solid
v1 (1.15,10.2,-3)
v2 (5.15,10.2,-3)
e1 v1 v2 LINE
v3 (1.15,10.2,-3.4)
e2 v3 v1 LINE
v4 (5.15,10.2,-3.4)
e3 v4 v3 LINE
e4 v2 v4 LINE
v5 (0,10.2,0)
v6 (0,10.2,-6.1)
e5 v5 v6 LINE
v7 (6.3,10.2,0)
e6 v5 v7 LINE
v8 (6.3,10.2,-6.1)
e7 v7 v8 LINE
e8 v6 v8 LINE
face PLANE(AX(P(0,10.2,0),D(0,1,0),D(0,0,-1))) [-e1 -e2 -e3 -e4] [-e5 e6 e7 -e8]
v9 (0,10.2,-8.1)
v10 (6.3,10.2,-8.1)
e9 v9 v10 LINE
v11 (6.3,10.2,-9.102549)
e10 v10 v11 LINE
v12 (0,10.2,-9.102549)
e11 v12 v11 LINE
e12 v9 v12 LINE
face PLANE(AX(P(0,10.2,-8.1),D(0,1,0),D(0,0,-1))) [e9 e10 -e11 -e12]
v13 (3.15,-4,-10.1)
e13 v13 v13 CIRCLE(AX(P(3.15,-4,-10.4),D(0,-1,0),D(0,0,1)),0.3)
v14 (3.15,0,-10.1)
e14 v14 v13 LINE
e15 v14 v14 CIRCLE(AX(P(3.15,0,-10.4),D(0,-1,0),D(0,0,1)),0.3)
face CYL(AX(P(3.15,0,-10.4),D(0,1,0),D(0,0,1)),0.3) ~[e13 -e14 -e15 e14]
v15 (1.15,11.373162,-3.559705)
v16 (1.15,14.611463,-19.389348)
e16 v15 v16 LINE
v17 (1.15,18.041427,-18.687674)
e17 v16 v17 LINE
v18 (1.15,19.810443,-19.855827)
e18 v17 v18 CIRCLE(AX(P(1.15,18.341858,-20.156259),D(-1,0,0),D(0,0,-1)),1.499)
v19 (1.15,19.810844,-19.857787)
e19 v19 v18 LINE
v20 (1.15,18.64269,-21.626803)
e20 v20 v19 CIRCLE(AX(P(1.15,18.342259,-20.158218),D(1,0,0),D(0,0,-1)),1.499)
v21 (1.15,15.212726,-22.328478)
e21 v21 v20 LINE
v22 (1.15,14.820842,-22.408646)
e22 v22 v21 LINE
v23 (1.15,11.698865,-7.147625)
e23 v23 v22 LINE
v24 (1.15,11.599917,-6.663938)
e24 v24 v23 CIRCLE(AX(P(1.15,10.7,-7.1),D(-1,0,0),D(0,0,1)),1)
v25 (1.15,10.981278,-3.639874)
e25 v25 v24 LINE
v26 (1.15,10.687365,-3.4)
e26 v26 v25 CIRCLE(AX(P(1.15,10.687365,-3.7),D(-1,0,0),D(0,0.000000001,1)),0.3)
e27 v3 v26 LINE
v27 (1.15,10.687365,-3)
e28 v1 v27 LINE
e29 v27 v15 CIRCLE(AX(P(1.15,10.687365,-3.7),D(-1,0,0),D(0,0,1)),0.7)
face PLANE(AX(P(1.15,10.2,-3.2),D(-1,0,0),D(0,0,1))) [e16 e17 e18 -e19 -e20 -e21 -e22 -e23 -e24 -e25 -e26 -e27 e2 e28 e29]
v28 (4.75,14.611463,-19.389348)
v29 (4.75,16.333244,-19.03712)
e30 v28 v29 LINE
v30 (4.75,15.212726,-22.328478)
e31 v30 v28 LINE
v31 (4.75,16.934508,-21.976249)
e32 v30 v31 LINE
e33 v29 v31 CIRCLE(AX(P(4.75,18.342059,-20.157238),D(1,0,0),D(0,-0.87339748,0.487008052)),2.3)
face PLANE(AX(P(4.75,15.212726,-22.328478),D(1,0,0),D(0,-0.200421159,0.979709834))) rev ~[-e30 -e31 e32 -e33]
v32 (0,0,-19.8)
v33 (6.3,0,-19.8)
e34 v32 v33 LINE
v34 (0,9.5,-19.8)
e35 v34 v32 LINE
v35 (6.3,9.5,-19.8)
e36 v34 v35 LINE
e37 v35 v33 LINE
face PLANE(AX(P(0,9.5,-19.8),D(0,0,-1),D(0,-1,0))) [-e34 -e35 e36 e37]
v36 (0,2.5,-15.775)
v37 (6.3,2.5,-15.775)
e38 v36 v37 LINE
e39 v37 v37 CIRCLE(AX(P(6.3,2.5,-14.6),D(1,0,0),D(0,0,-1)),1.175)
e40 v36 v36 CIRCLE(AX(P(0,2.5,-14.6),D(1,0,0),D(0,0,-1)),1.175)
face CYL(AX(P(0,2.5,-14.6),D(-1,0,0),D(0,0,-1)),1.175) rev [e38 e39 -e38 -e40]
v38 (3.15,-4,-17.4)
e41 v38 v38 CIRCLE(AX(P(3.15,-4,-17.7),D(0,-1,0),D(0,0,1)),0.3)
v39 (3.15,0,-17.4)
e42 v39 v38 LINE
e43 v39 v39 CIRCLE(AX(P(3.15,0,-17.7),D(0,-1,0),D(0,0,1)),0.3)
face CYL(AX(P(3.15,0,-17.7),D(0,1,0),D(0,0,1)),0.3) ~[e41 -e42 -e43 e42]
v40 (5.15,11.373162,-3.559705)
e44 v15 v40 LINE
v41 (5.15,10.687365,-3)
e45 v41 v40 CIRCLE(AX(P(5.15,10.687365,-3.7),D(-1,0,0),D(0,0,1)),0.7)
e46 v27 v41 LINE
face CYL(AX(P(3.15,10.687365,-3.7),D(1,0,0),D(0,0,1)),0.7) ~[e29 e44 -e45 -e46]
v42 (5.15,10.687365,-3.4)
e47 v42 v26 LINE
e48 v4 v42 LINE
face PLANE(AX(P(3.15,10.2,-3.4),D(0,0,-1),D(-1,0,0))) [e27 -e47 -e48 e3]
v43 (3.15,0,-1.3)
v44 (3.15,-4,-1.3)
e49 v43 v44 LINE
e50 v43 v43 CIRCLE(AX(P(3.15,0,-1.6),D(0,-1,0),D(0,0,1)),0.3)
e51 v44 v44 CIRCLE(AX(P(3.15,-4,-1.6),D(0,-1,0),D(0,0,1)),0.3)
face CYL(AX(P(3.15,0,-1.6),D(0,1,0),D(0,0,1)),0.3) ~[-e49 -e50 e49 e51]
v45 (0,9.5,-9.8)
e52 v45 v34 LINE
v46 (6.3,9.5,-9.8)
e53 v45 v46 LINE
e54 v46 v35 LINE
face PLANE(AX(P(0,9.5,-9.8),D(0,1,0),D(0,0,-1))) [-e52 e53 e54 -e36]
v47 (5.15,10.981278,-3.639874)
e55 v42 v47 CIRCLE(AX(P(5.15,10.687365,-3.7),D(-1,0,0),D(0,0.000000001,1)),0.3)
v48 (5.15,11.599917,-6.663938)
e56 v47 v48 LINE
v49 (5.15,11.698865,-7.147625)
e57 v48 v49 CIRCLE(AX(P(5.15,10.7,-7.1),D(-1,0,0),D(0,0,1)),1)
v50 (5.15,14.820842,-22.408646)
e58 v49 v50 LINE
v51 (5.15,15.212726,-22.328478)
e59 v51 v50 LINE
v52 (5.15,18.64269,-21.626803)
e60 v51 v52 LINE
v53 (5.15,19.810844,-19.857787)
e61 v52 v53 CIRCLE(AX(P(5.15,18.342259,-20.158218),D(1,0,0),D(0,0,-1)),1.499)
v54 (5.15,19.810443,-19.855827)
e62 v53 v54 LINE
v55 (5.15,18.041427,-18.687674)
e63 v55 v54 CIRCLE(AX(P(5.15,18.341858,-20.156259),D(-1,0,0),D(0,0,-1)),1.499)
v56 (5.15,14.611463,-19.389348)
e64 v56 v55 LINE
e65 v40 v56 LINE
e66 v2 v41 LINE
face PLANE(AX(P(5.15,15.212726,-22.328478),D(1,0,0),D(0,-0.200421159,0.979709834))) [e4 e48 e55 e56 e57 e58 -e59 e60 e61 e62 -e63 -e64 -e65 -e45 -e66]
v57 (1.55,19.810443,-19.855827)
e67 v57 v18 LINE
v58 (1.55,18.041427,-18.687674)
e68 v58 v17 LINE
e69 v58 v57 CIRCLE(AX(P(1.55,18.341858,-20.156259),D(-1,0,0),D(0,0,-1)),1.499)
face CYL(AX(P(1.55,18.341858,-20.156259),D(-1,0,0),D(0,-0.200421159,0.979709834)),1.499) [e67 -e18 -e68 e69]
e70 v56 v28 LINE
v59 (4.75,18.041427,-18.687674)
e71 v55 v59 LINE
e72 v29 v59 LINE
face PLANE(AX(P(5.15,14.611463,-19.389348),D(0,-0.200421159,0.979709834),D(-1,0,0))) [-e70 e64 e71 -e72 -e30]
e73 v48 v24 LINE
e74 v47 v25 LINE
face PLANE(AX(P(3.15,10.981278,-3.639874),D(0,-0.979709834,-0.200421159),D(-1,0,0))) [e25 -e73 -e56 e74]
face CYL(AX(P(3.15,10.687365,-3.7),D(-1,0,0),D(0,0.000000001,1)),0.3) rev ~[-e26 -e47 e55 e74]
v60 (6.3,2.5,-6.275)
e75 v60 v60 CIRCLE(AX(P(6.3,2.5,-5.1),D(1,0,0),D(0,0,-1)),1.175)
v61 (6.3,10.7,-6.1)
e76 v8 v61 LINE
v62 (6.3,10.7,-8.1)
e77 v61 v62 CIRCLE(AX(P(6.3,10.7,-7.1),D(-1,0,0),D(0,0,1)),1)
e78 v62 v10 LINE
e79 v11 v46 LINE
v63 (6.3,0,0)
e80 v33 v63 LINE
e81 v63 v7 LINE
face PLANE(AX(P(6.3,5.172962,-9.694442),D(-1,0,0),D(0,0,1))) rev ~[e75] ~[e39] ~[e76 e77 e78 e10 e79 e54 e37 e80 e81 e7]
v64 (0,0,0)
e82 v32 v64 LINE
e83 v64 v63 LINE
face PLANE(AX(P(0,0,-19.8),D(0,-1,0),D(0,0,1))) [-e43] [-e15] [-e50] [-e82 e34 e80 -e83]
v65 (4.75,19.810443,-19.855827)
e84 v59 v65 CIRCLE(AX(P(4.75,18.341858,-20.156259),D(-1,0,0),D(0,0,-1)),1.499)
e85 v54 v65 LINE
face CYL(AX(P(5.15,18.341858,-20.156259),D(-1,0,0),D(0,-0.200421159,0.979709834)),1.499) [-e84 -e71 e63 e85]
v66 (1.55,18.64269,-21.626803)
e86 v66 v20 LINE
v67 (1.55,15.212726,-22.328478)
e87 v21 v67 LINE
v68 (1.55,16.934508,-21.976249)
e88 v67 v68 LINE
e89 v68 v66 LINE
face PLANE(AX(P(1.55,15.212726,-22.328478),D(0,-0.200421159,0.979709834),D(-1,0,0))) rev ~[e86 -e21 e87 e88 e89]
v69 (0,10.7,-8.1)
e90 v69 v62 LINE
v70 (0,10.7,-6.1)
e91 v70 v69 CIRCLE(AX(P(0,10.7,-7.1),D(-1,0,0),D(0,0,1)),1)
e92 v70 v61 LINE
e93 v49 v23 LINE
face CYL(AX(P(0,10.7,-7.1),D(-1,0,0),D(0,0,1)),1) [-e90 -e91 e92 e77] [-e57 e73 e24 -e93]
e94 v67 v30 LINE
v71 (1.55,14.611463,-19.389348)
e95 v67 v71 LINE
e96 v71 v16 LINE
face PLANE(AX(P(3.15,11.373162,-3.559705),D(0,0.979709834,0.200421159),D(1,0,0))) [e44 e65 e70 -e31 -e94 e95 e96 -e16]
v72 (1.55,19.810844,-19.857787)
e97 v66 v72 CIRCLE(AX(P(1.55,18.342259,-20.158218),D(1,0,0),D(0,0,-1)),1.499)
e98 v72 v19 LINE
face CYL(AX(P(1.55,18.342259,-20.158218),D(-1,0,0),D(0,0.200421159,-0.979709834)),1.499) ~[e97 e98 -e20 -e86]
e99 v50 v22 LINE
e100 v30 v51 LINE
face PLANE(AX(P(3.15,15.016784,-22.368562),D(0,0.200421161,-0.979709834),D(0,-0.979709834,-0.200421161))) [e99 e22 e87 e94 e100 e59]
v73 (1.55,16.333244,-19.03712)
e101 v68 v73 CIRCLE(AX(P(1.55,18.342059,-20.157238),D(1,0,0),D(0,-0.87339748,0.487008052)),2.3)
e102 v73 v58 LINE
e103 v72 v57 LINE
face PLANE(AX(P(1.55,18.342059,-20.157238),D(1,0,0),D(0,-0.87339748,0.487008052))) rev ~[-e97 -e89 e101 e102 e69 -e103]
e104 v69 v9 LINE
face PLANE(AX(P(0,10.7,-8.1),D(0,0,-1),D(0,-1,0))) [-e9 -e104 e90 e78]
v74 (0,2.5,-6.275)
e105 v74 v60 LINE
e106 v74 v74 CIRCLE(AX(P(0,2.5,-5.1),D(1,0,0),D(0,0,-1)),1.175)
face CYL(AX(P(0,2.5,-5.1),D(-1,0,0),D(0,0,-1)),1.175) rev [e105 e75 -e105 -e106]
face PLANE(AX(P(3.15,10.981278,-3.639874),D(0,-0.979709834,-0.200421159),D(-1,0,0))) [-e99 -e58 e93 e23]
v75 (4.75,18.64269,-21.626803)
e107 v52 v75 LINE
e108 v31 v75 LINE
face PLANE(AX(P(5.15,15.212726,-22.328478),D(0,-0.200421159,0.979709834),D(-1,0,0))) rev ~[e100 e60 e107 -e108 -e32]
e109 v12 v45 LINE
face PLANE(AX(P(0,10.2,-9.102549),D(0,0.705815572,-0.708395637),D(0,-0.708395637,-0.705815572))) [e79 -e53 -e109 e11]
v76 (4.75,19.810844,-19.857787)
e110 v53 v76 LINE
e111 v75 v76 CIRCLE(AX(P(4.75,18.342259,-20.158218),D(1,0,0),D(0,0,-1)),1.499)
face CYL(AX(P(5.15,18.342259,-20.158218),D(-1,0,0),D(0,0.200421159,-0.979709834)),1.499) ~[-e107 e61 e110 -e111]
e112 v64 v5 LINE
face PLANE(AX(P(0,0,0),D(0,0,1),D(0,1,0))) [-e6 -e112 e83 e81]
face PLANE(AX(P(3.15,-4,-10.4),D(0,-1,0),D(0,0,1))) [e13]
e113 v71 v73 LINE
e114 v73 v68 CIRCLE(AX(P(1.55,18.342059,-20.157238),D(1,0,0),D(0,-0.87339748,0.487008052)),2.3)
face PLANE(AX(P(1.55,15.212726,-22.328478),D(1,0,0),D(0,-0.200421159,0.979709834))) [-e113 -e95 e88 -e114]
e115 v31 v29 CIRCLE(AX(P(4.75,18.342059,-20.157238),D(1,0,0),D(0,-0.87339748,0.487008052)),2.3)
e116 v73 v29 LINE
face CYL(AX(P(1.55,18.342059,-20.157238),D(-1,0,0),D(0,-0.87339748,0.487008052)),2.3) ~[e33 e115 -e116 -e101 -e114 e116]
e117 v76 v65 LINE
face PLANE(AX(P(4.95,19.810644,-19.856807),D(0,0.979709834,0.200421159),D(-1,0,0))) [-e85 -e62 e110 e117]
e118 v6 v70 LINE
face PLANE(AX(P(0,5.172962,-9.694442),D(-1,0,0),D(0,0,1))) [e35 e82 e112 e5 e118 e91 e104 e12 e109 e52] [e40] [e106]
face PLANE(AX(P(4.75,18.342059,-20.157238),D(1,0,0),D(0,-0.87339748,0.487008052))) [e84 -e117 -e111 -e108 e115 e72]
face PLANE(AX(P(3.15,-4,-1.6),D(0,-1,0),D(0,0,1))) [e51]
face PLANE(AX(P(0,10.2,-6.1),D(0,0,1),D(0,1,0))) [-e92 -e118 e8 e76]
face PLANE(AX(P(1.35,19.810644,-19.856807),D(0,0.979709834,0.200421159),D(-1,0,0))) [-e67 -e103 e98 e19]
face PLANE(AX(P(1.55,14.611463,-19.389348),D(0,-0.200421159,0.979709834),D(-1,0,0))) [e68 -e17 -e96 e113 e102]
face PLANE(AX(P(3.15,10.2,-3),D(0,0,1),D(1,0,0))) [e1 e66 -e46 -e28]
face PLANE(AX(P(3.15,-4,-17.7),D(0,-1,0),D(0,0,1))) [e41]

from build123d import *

# Parameters (mm, degrees)
ESQUISSE1_R      = 1.175
EXTRUSION1_DEPTH = 6.3
ESQUISSE2_R      = 0.3
EXTRUSION2_DEPTH = 4
ESQUISSE7_W      = 4
ESQUISSE7_H      = 0.4
ESQUISSE9_W      = 0.4
ESQUISSE9_H      = 3
EXTRUSION3_DEPTH = 5
CONG_1_R         = 1.499
ESQUISSE10_R     = 2.3
EXTRUSION4_DEPTH = 3.2


with BuildPart() as part:
    # Esquisse1 → Extrusion1 (new body)
    with BuildSketch(Plane(origin=(0, 0, 0), x_dir=(0, 0, -1), z_dir=(1, 0, 0))):
        with BuildLine():
            Line((9.8, 9.5), (19.8, 9.5))
            Line((19.8, 9.5), (19.8, 0))
            Line((19.8, 0), (0, 0))
            Line((0, 0), (0, 10.2))
            Line((0, 10.2), (6.1, 10.2))
            Line((6.1, 10.2), (6.1, 10.7))
            ThreePointArc((6.1, 10.7), (7.1, 11.7), (8.1, 10.7))
            Line((8.1, 10.7), (8.1, 10.2))
            Line((8.1, 10.2), (9.102549487, 10.2))
            Line((9.102549487, 10.2), (9.8, 9.5))
        make_face()
        with Locations((14.6, 2.5)):
            Circle(ESQUISSE1_R, mode=Mode.SUBTRACT)
        with Locations((5.1, 2.5)):
            Circle(ESQUISSE1_R, mode=Mode.SUBTRACT)
    extrude(amount=EXTRUSION1_DEPTH)

    # Esquisse2 → Extrusion2 (add)
    with BuildSketch(Plane.XZ):
        with Locations(Location((3.15, -1.6, 0), (0, 0, 90))):  # turned: the seam where the file's is
            Circle(ESQUISSE2_R)
        with Locations(Location((3.15, -10.4, 0), (0, 0, 90))):  # turned: the seam where the file's is
            Circle(ESQUISSE2_R)
        with Locations(Location((3.15, -17.7, 0), (0, 0, 90))):  # turned: the seam where the file's is
            Circle(ESQUISSE2_R)
    extrude(amount=EXTRUSION2_DEPTH)

    # Balayage1: sweep along a path in Esquisse8
    with BuildLine(Plane(origin=(3.15, 0, 0), x_dir=(0, 0, -1), z_dir=(1, 0, 0))) as balayage1_path:
        Line((3.2, 10.2), (3.2, 10.687364871))
        ThreePointArc((3.2, 10.687364871), (3.312633707, 11.003509387), (3.59978942, 11.177219788))
        Line((3.59978942, 11.177219788), (22.368561812, 15.01678431))
    # Esquisse7 → Balayage1 (sweep)
    with BuildSketch(Plane(origin=(0, 10.2, 0), x_dir=(-1, 0, 0), z_dir=(0, 1, 0))):
        with Locations((-3.15, -3.2)):
            Rectangle(ESQUISSE7_W, ESQUISSE7_H)
    sweep(path=balayage1_path.line)

    # Esquisse9 → Extrusion3 (add)
    with BuildSketch(Plane(origin=(0, 10.217352882, 2.090183887), x_dir=(-1, 0, 0), z_dir=(0, 0.979709834, 0.200421159))):
        with Locations((-4.95, -23.4243813)):
            Rectangle(ESQUISSE9_W, ESQUISSE9_H)
        with Locations((-1.35, -23.4243813)):
            Rectangle(ESQUISSE9_W, ESQUISSE9_H)
    extrude(amount=EXTRUSION3_DEPTH)

    # Congé1
    cong_1_edges = [part.edges().sort_by_distance(p)[0] for p in [
        (1.35, 19.510011969, -18.387242281),
        (1.35, 20.111275447, -21.326371784),
        (4.95, 20.111275447, -21.326371784),
        (4.95, 19.510011969, -18.387242281),
    ]]
    fillet(cong_1_edges, radius=CONG_1_R)

    # Esquisse10 → Extrusion4 (add)
    with BuildSketch(Plane(origin=(1.55, 0, 0), x_dir=(0, 0, -1), z_dir=(1, 0, 0))):
        with Locations(Location((20.15723835, 18.342058667, 0), (0, 0, 240.855881524))):  # turned: the seam where the file's is
            Circle(ESQUISSE10_R)
    extrude(amount=EXTRUSION4_DEPTH)


solid = part.part
